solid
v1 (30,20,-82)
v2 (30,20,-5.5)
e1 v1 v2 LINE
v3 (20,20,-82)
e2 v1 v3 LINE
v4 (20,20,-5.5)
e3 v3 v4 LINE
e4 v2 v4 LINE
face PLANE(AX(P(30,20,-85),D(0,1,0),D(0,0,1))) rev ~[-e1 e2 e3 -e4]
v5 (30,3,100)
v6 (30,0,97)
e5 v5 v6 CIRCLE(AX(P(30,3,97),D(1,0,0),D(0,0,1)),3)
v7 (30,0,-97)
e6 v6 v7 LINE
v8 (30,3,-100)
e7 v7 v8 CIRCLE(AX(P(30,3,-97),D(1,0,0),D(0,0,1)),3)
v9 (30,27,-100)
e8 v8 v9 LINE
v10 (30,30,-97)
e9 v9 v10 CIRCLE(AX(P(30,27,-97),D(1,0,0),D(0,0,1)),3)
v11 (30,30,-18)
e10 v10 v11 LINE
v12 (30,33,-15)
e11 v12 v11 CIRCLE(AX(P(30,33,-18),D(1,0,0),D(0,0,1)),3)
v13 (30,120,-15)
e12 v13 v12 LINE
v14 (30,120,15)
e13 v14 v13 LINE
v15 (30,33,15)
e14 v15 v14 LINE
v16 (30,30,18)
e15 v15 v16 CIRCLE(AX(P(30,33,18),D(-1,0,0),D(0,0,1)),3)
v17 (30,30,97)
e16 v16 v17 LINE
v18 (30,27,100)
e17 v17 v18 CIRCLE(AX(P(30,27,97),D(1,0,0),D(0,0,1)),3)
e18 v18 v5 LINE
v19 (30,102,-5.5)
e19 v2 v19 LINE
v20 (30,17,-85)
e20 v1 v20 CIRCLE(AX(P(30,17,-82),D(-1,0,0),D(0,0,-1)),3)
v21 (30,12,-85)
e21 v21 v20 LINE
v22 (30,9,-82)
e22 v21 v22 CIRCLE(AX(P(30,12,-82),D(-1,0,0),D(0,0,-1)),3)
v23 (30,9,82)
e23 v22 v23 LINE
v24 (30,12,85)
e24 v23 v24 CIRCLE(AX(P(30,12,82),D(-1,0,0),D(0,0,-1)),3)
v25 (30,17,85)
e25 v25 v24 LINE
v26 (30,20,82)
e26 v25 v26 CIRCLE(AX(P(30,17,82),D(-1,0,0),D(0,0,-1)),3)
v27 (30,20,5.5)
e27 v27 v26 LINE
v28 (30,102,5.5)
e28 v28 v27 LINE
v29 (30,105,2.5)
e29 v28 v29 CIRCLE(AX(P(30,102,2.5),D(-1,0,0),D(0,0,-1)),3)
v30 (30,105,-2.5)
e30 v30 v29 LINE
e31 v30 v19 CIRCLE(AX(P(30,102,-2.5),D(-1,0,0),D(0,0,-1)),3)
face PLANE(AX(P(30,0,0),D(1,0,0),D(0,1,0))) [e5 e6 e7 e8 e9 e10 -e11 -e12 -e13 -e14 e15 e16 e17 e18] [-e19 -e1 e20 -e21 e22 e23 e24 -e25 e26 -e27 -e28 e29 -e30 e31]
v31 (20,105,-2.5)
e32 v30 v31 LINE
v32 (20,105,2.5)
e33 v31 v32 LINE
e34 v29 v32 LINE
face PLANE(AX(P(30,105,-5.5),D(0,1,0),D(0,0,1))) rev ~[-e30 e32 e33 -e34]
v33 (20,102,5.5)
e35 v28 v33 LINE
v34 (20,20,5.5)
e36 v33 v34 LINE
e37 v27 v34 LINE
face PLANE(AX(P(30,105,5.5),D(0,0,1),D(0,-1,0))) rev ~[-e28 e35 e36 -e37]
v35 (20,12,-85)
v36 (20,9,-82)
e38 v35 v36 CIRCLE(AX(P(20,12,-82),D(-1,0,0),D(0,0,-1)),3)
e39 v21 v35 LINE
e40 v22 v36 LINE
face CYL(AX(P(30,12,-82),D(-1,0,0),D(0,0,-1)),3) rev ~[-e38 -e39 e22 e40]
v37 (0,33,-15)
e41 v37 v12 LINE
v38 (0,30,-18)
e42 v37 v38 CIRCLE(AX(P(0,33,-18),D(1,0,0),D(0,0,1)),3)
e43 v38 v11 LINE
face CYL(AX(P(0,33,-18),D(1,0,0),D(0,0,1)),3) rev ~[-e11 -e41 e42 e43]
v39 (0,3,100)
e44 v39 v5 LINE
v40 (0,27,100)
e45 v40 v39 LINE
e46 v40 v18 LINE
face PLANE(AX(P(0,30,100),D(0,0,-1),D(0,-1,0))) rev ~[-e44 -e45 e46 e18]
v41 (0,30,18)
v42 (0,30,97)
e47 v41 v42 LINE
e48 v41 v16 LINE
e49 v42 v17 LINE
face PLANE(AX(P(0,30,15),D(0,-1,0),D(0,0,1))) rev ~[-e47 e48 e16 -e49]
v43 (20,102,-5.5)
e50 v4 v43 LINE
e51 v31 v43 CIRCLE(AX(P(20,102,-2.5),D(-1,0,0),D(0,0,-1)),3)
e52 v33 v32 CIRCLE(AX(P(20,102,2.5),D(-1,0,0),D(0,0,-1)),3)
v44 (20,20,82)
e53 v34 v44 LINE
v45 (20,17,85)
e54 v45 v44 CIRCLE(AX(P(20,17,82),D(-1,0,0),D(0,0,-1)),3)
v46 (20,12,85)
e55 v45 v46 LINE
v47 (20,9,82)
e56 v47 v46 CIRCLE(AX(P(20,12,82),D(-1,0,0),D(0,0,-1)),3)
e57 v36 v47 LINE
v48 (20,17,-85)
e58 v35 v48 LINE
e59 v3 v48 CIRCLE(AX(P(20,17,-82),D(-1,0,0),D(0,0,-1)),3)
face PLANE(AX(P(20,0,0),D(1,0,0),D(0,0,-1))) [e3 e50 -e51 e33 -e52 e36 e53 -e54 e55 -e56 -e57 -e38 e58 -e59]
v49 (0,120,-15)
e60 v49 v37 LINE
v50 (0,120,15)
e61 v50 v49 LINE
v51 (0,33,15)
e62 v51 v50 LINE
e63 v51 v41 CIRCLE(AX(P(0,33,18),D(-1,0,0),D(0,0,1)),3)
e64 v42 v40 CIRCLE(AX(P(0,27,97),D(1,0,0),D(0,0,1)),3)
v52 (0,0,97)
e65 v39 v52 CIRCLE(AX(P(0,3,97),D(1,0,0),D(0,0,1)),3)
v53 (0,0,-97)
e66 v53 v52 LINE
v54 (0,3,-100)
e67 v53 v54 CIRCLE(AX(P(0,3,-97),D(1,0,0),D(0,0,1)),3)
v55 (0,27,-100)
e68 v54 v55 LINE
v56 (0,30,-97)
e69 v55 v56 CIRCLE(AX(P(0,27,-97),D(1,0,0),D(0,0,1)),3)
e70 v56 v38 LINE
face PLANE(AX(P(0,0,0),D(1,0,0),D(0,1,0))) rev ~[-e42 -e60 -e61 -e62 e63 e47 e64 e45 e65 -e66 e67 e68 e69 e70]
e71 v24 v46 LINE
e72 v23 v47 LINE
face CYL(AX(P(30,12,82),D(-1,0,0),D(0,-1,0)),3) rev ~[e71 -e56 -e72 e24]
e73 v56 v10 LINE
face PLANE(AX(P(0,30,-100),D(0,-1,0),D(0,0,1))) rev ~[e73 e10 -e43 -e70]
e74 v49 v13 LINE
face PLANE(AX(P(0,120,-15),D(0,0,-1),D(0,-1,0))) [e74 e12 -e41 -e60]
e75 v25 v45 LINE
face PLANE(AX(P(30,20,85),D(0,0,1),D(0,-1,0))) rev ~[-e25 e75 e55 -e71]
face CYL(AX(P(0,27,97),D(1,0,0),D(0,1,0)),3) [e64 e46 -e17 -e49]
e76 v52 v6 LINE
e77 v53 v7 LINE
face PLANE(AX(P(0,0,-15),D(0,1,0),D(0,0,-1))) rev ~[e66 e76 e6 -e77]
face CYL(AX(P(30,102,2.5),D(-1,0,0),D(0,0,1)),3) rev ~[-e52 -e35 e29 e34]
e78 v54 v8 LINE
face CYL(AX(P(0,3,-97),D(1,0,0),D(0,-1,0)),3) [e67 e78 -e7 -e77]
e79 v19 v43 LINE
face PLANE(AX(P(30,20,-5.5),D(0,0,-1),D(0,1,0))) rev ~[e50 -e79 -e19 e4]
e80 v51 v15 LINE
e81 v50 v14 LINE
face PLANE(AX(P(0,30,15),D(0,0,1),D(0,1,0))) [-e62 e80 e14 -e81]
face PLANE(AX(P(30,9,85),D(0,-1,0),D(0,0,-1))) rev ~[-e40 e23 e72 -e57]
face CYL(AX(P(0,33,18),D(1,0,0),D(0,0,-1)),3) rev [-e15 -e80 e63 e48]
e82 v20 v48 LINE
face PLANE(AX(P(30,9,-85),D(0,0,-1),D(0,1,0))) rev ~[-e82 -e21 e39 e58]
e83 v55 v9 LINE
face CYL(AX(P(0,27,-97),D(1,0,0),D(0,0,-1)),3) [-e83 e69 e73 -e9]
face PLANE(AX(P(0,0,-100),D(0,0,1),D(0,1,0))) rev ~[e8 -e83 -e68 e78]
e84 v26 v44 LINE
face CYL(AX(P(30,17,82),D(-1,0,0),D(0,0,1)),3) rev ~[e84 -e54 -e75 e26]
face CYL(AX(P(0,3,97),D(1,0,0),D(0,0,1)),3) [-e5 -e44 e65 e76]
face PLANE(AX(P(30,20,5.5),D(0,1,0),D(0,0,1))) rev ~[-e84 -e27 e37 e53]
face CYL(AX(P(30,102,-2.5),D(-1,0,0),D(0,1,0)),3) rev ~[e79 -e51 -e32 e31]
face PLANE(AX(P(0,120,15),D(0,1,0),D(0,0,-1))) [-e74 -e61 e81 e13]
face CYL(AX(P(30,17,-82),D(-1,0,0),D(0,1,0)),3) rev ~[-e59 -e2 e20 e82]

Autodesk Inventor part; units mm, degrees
ref_plane "YZ Plane" through (0, 0, 0) normal (1, 0, 0) x (0, 1, 0)
ref_plane "XZ Plane" through (0, 0, 0) normal (0, 1, 0) x (-1, 0, 0)
ref_plane "XY Plane" through (0, 0, 0) normal (0, 0, 1) x (1, 0, 0)
sketch "スケッチ1" plane through (0, 0, 0) normal (1, 0, 0) x (0, 1, 0)
  line L0 (30, 15) -> (120, 15)
  line L1 (120, 15) -> (120, -15)
  line L2 (120, -15) -> (30, -15)
  line L3 (0, -15) -> (0, 15)
  line L4 (30, 100) -> (0, 100)
  line L5 (0, 100) -> (0, -100)
  line L6 (0, -100) -> (30, -100)
  line L7 (30, -100) -> (30, -15)
  line L8 (30, 15) -> (30, 100)
  point P0 (0, 0)
  point P1 (0, 0)
  dimension "d0" = 30
  dimension "d1" = 120
  dimension "d2" = 30
  dimension "d3" = 200
extrude "押し出し1" add sketch "スケッチ1" along normal blind 30
sketch "スケッチ2" plane through (30, 0, 0) normal (1, 0, 0) x (0, 0, -1)
  line L0 (-23.0571, 9) -> (23.0571, 9)
  line L1 (5.5, 20) -> (5.5, 105)
  line L2 (5.5, 105) -> (-5.5, 105)
  line L3 (-5.5, 105) -> (-5.5, 20)
  line L4 (-100, 0) -> (100, 0) projected
  line L5 (-85, 9) -> (85, 9)
  line L6 (85, 9) -> (85, 20)
  line L7 (-85, 20) -> (-85, 9)
  line L8 (85, 20) -> (5.5, 20)
  line L9 (-5.5, 20) -> (-85, 20)
  point P0 (0, 0)
  point P1 (0, 9)
  dimension "d6" = 11
  dimension "d8" = 11
  dimension "d9" = 170
  dimension "d10" = 9
  dimension "d11" = 11
  dimension "d12" = 85
sketch "スケッチ3" plane through (30, 0, 0) normal (1, 0, 0) x (0, 0, -1)
  point P0 (0, 0)
extrude "押し出し2" cut sketch "スケッチ2" against normal blind 10
fillet "フィレット1" radius 3 1 edges at (15, 30, 100)
fillet "フィレット2" radius 3 1 edges at (15, 0, 100)
fillet "フィレット3" radius 3 1 edges at (15, 0, -100)
fillet "フィレット4" radius 3 1 edges at (15, 30, -100)
fillet "フィレット5" radius 3 1 edges at (25, 20, -85)
fillet "フィレット6" radius 3 1 edges at (25, 9, -85)
fillet "フィレット7" radius 3 1 edges at (25, 9, 85)
fillet "フィレット8" radius 3 1 edges at (25, 20, 85)
fillet "フィレット9" radius 3 1 edges at (25, 105, 5.5)
fillet "フィレット10" radius 3 1 edges at (25, 105, -5.5)
fillet "フィレット11" radius 3 1 edges at (15, 30, 15)
fillet "フィレット12" radius 3 1 edges at (15, 30, -15)
equation "\"d11\" = d8"
properties part number "Main"
